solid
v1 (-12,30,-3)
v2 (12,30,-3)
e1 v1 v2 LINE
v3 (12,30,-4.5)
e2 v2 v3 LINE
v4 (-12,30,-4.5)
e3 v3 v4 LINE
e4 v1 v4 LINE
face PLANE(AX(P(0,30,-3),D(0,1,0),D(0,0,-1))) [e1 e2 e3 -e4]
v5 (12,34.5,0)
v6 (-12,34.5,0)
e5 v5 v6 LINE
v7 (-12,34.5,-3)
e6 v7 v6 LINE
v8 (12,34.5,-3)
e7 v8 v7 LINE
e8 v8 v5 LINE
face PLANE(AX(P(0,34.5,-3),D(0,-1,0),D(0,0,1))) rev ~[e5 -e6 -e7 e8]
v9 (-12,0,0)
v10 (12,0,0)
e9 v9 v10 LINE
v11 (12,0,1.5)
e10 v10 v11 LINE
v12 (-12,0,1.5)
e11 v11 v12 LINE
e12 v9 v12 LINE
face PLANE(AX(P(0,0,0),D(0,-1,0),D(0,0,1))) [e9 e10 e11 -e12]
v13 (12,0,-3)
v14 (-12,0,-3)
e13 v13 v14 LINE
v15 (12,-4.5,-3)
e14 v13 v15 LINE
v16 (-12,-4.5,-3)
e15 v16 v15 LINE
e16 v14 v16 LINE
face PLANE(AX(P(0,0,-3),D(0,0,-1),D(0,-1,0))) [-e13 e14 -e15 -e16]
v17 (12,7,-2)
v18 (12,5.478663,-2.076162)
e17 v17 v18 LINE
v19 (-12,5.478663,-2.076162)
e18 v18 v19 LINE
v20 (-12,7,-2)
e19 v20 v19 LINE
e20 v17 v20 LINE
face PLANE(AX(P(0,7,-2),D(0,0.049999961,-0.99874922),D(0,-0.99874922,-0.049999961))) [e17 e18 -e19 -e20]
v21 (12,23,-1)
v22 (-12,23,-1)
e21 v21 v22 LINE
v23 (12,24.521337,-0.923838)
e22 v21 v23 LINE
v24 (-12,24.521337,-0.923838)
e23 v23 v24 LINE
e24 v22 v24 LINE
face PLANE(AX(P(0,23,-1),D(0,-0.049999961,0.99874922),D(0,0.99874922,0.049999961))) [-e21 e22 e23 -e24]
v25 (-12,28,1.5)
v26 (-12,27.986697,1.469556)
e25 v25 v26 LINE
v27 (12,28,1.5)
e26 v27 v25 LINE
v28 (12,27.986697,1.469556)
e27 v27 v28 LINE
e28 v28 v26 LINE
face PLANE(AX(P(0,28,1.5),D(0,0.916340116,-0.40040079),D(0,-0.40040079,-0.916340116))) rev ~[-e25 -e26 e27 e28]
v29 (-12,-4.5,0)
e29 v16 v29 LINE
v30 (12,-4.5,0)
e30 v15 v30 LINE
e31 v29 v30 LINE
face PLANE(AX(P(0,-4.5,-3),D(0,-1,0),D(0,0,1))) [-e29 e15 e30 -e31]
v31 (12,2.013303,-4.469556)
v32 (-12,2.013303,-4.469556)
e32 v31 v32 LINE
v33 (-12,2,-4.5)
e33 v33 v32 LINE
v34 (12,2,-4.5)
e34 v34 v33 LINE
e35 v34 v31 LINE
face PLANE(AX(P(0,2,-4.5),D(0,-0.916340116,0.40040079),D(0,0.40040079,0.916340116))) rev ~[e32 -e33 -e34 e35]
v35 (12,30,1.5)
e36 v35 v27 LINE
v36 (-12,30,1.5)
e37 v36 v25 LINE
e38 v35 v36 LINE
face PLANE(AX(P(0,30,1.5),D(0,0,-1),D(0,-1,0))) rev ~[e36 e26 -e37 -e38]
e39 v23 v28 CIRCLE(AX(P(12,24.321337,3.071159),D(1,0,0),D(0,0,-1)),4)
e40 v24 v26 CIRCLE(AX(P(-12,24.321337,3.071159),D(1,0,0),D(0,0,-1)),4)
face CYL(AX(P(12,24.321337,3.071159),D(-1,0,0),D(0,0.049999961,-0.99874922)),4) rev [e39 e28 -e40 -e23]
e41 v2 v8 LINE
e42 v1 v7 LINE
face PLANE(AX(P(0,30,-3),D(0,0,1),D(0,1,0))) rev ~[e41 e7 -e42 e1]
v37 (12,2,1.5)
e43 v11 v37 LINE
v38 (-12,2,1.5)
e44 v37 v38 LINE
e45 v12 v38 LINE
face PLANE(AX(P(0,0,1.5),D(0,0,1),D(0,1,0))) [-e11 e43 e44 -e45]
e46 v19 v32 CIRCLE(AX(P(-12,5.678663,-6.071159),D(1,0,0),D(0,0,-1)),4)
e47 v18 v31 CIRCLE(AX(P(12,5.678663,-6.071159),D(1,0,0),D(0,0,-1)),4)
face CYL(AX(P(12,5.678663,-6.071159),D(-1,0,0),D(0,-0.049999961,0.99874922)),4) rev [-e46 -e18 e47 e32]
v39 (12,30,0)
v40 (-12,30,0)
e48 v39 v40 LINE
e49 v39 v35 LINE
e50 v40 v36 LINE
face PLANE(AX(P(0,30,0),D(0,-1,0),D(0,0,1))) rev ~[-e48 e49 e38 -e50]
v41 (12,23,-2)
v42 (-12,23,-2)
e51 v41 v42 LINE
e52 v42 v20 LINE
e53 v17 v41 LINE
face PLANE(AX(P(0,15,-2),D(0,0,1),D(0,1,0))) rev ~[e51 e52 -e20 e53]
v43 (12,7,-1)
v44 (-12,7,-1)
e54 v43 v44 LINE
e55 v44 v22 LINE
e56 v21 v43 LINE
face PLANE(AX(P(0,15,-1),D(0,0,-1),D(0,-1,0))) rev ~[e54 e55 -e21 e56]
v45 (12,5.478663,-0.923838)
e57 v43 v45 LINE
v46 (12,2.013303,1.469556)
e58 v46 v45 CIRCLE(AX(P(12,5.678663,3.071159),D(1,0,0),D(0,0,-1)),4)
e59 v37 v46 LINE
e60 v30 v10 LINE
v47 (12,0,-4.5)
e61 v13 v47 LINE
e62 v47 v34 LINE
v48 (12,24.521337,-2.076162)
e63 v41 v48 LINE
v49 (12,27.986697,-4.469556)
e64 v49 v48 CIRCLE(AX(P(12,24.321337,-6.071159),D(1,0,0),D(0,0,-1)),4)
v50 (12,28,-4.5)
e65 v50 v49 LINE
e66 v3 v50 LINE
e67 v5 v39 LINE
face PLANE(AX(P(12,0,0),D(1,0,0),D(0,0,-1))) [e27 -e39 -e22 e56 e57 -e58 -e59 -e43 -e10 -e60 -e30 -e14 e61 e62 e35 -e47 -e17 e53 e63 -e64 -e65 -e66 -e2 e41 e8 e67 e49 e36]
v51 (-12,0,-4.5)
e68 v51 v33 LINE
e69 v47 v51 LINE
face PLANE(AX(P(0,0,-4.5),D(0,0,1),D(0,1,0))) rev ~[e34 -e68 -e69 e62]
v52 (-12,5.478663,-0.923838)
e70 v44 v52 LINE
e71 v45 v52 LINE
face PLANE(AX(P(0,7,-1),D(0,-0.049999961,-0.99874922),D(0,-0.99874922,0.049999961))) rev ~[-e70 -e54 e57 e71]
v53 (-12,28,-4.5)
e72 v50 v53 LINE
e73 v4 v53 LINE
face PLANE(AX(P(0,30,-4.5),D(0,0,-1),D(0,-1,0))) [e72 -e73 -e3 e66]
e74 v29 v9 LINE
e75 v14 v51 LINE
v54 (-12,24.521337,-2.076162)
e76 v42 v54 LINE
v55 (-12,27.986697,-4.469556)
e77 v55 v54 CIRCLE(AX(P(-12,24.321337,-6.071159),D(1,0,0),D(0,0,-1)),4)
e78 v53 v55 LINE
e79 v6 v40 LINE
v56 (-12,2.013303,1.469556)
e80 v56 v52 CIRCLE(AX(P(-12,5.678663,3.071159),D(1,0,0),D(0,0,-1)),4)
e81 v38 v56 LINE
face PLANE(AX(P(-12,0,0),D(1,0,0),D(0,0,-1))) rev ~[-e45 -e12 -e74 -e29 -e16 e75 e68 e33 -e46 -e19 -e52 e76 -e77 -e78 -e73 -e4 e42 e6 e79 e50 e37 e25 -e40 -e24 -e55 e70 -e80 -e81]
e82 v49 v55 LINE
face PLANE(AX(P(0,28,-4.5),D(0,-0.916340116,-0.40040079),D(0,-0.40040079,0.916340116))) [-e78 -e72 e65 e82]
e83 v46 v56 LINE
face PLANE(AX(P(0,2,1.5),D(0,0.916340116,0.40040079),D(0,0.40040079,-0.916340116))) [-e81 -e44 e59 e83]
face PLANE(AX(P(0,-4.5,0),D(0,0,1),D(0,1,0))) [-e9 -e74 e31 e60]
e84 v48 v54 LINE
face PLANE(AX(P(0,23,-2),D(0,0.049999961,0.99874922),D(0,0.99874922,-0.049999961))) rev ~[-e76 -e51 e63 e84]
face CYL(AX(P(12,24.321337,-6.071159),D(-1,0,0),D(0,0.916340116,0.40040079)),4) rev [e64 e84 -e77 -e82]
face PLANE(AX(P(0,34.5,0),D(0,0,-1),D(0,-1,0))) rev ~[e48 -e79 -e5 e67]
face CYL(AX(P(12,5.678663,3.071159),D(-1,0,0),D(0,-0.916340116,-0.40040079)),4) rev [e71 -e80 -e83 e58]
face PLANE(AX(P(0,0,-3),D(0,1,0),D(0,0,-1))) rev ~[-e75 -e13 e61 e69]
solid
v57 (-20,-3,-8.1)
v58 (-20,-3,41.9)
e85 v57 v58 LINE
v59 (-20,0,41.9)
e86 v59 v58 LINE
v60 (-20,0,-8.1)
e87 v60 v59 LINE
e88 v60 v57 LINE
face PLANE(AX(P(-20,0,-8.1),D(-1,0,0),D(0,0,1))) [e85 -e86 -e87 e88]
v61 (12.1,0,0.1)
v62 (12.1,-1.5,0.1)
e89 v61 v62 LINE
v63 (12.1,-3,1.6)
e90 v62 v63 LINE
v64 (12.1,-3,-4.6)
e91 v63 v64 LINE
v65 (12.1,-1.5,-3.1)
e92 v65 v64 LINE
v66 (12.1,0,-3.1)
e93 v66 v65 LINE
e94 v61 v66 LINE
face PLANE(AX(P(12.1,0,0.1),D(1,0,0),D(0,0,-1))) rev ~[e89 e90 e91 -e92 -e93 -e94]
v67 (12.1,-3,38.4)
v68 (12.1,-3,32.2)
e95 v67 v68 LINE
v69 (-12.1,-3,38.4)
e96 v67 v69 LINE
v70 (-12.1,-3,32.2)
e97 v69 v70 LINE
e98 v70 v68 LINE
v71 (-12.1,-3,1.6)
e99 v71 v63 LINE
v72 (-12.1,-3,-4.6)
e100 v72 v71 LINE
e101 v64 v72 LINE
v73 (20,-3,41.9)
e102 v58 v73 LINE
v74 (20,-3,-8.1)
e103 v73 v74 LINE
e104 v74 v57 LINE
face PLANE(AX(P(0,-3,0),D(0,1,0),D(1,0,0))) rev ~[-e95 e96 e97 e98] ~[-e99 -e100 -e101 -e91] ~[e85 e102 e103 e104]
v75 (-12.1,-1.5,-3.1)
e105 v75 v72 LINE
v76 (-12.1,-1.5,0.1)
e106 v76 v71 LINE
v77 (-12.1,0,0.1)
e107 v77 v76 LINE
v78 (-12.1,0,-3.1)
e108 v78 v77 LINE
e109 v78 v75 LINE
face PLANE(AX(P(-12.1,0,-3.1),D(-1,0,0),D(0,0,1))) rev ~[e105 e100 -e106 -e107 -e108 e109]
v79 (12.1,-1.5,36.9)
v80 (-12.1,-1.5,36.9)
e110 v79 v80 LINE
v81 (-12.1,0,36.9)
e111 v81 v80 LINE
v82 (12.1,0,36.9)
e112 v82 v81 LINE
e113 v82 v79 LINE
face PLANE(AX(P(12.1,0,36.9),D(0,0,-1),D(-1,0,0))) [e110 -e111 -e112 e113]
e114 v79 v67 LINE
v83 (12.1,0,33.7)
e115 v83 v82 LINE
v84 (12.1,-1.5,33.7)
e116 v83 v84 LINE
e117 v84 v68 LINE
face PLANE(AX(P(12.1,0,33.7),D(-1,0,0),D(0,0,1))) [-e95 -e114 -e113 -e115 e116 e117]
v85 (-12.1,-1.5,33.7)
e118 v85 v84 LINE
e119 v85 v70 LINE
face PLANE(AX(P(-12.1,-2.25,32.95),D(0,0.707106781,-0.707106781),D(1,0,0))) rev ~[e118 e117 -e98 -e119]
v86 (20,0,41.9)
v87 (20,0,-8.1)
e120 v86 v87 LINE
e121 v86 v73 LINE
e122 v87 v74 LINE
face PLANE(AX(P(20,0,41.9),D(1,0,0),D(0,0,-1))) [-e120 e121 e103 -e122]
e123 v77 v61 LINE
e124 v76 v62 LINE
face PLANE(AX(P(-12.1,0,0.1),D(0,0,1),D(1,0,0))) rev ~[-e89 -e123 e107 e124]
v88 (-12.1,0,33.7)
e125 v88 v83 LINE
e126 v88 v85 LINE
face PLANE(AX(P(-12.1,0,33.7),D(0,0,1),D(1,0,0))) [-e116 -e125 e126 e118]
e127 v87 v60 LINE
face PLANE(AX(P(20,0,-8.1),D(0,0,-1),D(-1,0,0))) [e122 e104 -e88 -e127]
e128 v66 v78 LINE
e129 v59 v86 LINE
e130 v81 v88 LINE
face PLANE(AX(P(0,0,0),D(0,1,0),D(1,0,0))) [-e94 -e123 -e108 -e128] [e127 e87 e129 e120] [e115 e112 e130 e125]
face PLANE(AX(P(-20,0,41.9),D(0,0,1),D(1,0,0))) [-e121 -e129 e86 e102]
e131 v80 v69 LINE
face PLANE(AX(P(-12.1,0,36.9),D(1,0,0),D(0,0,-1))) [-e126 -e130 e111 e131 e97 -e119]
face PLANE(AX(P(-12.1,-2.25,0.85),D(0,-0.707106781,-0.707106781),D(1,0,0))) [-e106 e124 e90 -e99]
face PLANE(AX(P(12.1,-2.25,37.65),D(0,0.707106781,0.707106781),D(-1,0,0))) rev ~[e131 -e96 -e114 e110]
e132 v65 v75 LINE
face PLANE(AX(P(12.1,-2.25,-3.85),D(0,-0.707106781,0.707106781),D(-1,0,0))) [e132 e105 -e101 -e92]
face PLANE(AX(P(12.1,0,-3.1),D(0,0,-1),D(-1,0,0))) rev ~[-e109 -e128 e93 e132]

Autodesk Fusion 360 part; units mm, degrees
sketch "Sketch1" plane through (0, 0, 0) normal (1, 0, 0) x (0, 0, -1)
  line L0 (0, 0) -> (3, 0)
  line L1 (3, 0) -> (3, -4.5)
  line L2 (3, -4.5) -> (0, -4.5)
  line L3 (0, -4.5) -> (0, 0)
  line L4 (3, 0) -> (4.5, 0)
  line L5 (1.5, 0) -> (1.5, 16.3106) construction
  line L6 (-3.4591, 15) -> (5.8046, 15) construction
  line L7 (2, 15) -> (2, 7)
  line L8 (2, 7) -> (2.2, 3.005)
  line L9 (4.5, 0) -> (4.5, 2)
  line L10 (4.5, 2) -> (2.2, 3.005)
  line L11 (0, 0) -> (-1.5, 0)
  line L12 (-1.5, 0) -> (-1.5, 2)
  line L13 (-1.5, 2) -> (0.8, 3.005)
  line L14 (1, 7) -> (0.8, 3.005)
  line L15 (1, 15) -> (1, 7)
  line L16 (3, 30) -> (4.5, 30)
  line L17 (1, 23) -> (0.8, 26.995)
  line L18 (2, 23) -> (2.2, 26.995)
  line L19 (1, 15) -> (1, 23)
  line L20 (4.5, 30) -> (4.5, 28)
  line L21 (2, 15) -> (2, 23)
  line L22 (3, 30) -> (3, 34.5)
  line L23 (-1.5, 28) -> (0.8, 26.995)
  line L24 (0, 34.5) -> (0, 30)
  line L25 (3, 34.5) -> (0, 34.5)
  line L26 (0, 30) -> (-1.5, 30)
  line L27 (-1.5, 30) -> (-1.5, 28)
  line L28 (0, 30) -> (3, 30)
  line L29 (4.5, 28) -> (2.2, 26.995)
  point P0 (0, 30)
  point P1 (1.5, 30)
  dimension "d1" = 3
  dimension "d2" = 4.5
  dimension "d3" = 1.5
  dimension "d5" = 15
  dimension "d6" = 8
  dimension "d7" = 4
  dimension "d8" = 0.5
  dimension "d9" = 0.7
  dimension "d10" = 2
extrude "Extrude1" add sketch "Sketch1" along normal mid plane 24 makes body 1
sketch "Sketch2" plane through (0, 0, 0) normal (0, 1, 0) x (1, 0, 0)
  line L0 (-12, 0) -> (12, 0)
  line L1 (12, 0) -> (12, 3)
  line L2 (12, 3) -> (-12, 3)
  line L3 (-12, 3) -> (-12, 0)
  line L4 (12.1, 3.1) -> (-12.1, 3.1)
  line L5 (-12.1, 3.1) -> (-12.1, -0.1)
  line L6 (-12.1, -0.1) -> (12.1, -0.1)
  line L7 (12.1, -0.1) -> (12.1, 3.1)
  line L8 (0, 0) -> (0, -36.4952) construction
  line L9 (20, 8.1) -> (-20, 8.1)
  line L10 (-20, 8.1) -> (-20, -41.9)
  line L11 (-20, -41.9) -> (20, -41.9)
  line L12 (20, -41.9) -> (20, 8.1)
  line L13 (20, 8.1) -> (-20, -41.9) construction
  line L14 (-20, 8.1) -> (20, -41.9) construction
  line L15 (0, -16.9) -> (-15.1957, -16.9) construction
  line L16 (-12.1, -33.7) -> (12.1, -33.7)
  line L17 (12.1, -33.7) -> (12.1, -36.9)
  line L18 (12.1, -36.9) -> (-12.1, -36.9)
  line L19 (-12.1, -36.9) -> (-12.1, -33.7)
  point P0 (0, -16.9)
  dimension "d13" = 0.1
  dimension "d14" = 40
  dimension "d15" = 50
  dimension "d16" = 5
extrude "Extrude2" add sketch "Sketch2" against normal blind 3 separate body contours L9 L10 L11 L12 makes body 2
chamfer "Chamfer1" distance 1.5 angle 45 4 edges at (0, -3, -3.1) (0, -3, 0.1) (0, -3, 33.7) (0, -3, 36.9) on bodies 2
fillet "Fillet1" radius 4 4 edges at (0, 3.005, -0.8) (0, 3.005, -2.2) (0, 26.995, -0.8) (0, 26.995, -2.2) on bodies 1
